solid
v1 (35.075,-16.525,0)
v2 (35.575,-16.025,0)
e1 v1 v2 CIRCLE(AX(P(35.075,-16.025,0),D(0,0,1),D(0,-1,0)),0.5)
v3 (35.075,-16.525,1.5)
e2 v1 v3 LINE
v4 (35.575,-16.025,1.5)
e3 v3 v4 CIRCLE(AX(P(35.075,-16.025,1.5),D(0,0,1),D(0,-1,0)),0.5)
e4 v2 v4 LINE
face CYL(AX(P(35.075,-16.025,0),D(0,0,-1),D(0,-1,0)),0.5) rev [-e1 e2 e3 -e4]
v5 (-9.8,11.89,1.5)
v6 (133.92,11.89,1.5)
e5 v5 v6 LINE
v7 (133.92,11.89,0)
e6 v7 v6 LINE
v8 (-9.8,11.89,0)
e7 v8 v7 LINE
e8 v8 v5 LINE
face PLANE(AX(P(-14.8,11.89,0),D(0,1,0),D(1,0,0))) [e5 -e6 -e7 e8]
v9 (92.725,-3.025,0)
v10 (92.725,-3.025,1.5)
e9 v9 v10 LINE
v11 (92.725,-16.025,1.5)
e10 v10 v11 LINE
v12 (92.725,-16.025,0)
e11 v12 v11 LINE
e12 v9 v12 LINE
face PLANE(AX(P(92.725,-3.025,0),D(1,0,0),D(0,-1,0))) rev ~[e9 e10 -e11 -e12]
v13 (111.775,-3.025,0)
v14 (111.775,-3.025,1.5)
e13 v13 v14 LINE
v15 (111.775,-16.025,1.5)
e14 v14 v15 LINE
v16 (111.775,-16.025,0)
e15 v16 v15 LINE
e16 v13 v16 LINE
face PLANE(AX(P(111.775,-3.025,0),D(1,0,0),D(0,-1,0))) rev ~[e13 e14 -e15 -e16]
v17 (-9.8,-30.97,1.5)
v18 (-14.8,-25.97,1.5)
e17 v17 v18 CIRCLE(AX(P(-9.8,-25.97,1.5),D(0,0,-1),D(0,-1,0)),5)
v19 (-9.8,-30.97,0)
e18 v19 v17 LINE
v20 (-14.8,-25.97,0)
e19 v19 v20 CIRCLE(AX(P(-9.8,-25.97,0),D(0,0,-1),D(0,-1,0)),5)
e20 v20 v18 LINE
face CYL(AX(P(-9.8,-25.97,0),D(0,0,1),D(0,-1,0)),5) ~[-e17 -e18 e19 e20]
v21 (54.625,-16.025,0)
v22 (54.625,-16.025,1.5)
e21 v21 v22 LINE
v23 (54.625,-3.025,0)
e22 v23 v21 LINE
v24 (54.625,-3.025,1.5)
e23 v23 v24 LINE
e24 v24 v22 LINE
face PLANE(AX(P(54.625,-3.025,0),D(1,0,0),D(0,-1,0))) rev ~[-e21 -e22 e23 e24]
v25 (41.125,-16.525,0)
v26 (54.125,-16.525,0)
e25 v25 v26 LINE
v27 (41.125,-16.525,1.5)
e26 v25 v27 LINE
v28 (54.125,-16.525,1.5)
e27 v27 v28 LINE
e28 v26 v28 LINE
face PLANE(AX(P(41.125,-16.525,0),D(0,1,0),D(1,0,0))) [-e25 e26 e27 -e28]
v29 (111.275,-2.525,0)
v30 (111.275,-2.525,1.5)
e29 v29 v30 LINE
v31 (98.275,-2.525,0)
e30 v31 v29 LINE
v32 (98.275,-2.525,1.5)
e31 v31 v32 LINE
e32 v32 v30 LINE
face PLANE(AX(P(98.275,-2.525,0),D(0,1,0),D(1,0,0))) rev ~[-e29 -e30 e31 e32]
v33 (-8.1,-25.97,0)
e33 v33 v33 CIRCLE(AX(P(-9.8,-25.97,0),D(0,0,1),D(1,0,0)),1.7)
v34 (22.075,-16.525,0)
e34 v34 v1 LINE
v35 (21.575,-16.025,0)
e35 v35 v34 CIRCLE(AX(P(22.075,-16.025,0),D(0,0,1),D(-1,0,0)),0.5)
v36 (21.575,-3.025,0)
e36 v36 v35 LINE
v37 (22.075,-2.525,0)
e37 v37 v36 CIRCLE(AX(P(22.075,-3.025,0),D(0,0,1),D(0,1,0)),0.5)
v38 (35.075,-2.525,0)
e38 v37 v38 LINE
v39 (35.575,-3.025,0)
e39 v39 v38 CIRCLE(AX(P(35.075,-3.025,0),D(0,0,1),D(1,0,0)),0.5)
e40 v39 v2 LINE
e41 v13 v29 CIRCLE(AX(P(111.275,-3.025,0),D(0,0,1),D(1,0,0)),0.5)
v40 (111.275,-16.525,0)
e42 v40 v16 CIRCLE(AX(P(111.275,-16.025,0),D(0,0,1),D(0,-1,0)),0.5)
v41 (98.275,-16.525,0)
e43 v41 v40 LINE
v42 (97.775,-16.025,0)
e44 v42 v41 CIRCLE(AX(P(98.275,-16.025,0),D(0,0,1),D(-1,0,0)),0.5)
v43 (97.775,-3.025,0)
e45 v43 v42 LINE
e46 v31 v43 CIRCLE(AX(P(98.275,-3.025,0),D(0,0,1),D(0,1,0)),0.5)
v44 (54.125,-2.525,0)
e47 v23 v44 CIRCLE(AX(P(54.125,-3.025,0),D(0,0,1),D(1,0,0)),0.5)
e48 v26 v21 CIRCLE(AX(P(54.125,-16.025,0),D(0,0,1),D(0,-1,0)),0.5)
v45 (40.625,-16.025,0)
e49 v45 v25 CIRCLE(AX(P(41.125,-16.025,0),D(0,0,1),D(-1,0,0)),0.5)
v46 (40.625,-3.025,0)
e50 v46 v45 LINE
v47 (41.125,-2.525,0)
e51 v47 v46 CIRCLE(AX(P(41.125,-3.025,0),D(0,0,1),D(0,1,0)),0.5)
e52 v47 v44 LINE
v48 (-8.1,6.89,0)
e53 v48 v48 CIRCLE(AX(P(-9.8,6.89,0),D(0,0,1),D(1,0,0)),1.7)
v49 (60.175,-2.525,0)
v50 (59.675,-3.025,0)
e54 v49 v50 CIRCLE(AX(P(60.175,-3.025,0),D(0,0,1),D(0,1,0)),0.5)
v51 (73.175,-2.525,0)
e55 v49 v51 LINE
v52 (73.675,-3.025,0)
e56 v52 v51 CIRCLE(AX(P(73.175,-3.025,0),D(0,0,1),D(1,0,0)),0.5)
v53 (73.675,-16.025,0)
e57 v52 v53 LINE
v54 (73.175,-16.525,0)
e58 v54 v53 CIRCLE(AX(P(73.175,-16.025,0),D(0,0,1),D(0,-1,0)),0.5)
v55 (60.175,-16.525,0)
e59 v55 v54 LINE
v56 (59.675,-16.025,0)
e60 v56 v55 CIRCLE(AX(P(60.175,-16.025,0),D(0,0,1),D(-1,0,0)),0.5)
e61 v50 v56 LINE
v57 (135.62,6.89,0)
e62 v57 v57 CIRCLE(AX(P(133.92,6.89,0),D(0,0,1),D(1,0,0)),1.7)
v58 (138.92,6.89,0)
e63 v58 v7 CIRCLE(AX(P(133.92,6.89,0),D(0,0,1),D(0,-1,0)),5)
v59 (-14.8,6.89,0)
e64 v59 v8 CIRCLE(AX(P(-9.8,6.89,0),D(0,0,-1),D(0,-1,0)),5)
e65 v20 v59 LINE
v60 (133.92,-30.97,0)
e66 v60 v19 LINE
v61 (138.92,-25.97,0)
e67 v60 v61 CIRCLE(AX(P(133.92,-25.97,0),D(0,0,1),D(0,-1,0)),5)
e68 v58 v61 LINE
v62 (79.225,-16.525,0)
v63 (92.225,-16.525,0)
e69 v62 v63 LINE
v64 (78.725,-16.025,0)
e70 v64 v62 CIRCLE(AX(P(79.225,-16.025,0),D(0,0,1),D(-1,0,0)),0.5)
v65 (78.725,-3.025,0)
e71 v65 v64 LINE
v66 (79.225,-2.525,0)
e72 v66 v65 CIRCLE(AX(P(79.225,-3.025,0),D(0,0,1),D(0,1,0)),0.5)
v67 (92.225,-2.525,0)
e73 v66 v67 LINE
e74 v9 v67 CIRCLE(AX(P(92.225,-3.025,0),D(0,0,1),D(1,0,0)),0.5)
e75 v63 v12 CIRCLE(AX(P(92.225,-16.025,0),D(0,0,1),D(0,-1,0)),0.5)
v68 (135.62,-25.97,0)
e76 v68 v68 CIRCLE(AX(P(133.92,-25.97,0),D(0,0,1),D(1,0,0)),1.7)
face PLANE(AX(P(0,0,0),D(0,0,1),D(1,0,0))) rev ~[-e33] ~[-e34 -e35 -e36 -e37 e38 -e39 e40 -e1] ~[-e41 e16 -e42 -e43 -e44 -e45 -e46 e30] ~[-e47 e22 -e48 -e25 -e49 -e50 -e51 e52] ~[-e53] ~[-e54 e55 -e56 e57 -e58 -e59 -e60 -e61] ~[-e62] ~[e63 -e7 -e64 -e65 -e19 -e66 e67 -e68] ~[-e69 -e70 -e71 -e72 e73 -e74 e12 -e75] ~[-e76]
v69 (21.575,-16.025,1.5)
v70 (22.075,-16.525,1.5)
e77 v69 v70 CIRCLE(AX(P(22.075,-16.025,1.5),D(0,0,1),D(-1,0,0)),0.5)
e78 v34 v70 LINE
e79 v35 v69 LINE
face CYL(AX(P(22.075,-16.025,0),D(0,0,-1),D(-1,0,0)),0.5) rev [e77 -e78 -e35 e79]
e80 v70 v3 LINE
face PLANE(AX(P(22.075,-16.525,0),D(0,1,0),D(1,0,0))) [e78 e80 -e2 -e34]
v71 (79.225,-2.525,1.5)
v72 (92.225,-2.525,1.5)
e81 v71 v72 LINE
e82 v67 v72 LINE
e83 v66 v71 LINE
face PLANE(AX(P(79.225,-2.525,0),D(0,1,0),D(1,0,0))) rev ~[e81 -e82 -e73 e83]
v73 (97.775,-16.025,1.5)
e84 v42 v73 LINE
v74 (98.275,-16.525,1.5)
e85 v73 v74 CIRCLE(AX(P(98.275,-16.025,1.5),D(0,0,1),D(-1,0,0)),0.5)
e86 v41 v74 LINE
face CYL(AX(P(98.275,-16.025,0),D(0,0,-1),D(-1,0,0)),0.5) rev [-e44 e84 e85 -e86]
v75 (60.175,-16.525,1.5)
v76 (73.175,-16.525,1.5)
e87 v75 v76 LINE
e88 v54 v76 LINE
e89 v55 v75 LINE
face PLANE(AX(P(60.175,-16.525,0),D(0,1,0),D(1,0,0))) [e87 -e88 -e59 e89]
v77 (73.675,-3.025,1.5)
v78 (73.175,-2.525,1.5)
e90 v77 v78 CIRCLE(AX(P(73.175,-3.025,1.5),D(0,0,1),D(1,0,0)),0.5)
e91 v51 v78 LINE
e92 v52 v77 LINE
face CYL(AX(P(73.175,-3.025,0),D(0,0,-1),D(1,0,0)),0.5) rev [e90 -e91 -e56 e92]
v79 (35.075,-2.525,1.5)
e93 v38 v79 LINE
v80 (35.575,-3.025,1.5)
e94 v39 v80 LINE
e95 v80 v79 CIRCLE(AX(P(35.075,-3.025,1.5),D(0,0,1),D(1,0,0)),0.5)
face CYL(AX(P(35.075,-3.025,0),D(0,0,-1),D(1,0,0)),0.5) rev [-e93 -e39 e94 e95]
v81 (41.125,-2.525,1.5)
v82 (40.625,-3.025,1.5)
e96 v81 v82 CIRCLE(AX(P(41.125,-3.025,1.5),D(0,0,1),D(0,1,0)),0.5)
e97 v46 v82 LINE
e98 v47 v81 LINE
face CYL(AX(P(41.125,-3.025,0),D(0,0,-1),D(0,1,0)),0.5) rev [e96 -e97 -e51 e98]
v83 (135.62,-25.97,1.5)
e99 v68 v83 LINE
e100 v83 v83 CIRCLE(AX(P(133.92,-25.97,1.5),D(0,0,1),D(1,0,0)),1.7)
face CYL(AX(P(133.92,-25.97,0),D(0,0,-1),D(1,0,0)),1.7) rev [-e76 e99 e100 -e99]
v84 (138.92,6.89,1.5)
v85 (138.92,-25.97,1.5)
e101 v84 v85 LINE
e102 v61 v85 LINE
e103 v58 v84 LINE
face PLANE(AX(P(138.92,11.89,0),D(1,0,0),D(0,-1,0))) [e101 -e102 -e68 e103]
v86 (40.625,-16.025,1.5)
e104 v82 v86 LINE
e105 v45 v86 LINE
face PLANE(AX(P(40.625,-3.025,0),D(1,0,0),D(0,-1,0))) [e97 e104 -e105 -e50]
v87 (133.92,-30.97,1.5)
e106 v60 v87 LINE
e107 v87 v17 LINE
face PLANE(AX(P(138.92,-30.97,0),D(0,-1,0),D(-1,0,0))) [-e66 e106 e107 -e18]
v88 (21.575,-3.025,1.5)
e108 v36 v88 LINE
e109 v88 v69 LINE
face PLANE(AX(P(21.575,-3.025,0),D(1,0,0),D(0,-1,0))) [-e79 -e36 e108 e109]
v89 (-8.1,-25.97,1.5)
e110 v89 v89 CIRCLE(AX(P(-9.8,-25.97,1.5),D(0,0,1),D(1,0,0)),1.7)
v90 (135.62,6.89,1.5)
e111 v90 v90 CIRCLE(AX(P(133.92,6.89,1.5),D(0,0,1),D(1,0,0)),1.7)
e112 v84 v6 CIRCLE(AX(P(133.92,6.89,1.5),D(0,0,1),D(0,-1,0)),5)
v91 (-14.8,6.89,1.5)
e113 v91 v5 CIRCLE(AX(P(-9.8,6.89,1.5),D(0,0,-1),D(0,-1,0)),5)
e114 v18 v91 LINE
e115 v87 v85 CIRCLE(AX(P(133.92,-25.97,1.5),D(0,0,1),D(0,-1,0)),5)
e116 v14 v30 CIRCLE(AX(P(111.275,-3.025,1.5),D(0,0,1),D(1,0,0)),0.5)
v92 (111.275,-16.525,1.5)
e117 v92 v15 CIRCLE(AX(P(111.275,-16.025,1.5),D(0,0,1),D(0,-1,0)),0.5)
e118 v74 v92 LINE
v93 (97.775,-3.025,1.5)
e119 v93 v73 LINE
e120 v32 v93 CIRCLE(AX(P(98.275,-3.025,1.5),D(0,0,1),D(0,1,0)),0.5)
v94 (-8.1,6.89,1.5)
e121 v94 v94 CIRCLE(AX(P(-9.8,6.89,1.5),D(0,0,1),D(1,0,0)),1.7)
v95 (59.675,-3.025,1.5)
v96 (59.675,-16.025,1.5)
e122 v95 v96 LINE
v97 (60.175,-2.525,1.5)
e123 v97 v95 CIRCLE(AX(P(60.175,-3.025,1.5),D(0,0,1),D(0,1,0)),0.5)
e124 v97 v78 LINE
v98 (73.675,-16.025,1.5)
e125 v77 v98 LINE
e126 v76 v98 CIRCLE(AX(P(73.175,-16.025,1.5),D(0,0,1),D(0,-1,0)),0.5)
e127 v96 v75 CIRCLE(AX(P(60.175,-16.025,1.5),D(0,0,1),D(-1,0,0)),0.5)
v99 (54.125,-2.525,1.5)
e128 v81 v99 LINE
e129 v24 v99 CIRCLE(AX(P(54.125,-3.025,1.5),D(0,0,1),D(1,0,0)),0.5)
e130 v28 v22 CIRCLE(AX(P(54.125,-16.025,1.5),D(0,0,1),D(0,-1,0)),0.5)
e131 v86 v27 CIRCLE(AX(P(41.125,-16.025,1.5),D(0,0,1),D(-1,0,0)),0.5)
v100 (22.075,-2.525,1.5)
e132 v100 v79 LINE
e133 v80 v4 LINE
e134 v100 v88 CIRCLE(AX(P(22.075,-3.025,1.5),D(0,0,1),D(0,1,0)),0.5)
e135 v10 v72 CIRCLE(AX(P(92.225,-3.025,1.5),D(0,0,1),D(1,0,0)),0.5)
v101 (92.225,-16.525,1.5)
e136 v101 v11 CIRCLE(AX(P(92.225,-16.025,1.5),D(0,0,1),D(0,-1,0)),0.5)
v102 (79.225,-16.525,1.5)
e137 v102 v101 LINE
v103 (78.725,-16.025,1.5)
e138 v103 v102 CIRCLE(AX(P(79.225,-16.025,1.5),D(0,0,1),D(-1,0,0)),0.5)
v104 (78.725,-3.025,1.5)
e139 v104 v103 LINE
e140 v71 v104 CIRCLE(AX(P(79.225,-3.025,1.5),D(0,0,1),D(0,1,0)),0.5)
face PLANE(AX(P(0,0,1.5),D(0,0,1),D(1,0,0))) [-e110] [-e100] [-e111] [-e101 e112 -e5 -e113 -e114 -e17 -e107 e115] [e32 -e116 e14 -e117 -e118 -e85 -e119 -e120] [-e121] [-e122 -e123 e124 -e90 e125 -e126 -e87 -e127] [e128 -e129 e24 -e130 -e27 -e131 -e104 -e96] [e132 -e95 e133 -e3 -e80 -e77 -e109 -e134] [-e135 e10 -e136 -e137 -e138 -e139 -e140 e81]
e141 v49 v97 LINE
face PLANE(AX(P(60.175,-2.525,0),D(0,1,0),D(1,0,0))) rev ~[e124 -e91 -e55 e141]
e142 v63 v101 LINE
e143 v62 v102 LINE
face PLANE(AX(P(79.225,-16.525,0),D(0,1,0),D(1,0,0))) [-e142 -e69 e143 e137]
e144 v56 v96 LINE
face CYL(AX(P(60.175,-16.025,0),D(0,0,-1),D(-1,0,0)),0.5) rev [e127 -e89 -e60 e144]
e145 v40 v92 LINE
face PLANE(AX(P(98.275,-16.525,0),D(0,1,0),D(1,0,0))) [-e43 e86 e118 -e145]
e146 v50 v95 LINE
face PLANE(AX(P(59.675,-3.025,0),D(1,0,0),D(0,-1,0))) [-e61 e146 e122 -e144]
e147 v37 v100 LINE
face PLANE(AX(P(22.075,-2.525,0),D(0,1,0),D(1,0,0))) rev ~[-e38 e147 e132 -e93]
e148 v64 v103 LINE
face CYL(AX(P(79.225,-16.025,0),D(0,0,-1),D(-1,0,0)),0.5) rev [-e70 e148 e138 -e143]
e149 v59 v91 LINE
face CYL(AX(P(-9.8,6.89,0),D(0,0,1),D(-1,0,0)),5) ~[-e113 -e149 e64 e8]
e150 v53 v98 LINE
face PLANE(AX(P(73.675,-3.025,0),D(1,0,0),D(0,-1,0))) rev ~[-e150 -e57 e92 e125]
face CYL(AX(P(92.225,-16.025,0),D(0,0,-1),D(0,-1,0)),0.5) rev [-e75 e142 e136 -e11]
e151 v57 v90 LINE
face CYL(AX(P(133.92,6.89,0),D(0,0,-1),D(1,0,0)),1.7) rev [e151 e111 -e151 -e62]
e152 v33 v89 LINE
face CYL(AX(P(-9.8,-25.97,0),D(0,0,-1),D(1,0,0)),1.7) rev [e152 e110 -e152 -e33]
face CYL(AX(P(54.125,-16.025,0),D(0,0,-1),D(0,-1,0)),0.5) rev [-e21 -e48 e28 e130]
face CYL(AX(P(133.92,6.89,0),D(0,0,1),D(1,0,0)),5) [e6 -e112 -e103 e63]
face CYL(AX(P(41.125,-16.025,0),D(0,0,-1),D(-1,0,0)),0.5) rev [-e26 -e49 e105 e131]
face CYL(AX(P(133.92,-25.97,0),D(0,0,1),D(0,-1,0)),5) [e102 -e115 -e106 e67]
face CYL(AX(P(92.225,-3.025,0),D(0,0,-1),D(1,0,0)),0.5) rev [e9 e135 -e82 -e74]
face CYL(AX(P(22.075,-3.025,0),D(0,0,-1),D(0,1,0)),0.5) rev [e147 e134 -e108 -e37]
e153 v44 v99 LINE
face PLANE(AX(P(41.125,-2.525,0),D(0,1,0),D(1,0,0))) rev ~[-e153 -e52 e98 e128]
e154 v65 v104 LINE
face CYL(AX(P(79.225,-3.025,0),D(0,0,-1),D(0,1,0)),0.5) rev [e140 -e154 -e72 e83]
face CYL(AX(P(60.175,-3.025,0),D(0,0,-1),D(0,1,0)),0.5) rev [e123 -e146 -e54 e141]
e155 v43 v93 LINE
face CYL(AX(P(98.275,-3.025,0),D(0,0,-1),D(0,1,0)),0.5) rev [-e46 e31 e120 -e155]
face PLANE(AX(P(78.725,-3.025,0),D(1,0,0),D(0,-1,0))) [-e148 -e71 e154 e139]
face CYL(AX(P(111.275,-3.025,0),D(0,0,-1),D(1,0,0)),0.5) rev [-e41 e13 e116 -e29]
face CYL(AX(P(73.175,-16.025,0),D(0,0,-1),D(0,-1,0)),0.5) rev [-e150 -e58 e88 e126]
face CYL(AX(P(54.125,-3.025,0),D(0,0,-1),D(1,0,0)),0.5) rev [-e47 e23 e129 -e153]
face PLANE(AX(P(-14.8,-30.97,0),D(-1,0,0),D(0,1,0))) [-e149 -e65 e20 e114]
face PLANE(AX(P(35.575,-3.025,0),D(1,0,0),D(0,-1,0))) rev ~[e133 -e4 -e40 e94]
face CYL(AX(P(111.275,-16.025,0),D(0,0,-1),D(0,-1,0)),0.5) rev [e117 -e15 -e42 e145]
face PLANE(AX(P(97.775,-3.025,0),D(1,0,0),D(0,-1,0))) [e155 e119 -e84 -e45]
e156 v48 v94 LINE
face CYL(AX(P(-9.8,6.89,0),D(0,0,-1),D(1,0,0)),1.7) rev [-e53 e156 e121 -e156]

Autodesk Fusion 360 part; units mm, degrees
sketch "plate-2025-06-26T05_56_28.958Z" plane through (0, 0, 0) normal (0, 0, 1) x (1, 0, 0)
  line L0 (22.075, -2.525) -> (35.075, -2.525)
  line L1 (22.075, -16.525) -> (35.075, -16.525)
  line L2 (21.575, -3.025) -> (21.575, -16.025)
  line L3 (35.575, -3.025) -> (35.575, -16.025)
  arc A0 (22.075, -2.525) -> (21.575, -3.025) centre (22.075, -3.025) ccw
  arc A1 (35.575, -3.025) -> (35.075, -2.525) centre (35.075, -3.025) ccw
  arc A2 (21.575, -16.025) -> (22.075, -16.525) centre (22.075, -16.025) ccw
  arc A3 (35.075, -16.525) -> (35.575, -16.025) centre (35.075, -16.025) ccw
  line L4 (41.125, -2.525) -> (54.125, -2.525)
  line L5 (41.125, -16.525) -> (54.125, -16.525)
  line L6 (40.625, -3.025) -> (40.625, -16.025)
  line L7 (54.625, -3.025) -> (54.625, -16.025)
  arc A4 (41.125, -2.525) -> (40.625, -3.025) centre (41.125, -3.025) ccw
  arc A5 (54.625, -3.025) -> (54.125, -2.525) centre (54.125, -3.025) ccw
  arc A6 (40.625, -16.025) -> (41.125, -16.525) centre (41.125, -16.025) ccw
  arc A7 (54.125, -16.525) -> (54.625, -16.025) centre (54.125, -16.025) ccw
  line L8 (60.175, -2.525) -> (73.175, -2.525)
  line L9 (60.175, -16.525) -> (73.175, -16.525)
  line L10 (59.675, -3.025) -> (59.675, -16.025)
  line L11 (73.675, -3.025) -> (73.675, -16.025)
  arc A8 (60.175, -2.525) -> (59.675, -3.025) centre (60.175, -3.025) ccw
  arc A9 (73.675, -3.025) -> (73.175, -2.525) centre (73.175, -3.025) ccw
  arc A10 (59.675, -16.025) -> (60.175, -16.525) centre (60.175, -16.025) ccw
  arc A11 (73.175, -16.525) -> (73.675, -16.025) centre (73.175, -16.025) ccw
  line L12 (138.92, -30.97) -> (-14.8, -30.97)
  line L13 (-14.8, -30.97) -> (-14.8, 11.89)
  line L14 (-14.8, 11.89) -> (138.92, 11.89)
  line L15 (138.92, 11.89) -> (138.92, -30.97)
  line L16 (128.92, 1.89) -> (-4.8, 1.89)
  line L17 (-4.8, 1.89) -> (-4.8, -20.97)
  line L18 (-4.8, -20.97) -> (128.92, -20.97)
  line L19 (128.92, -20.97) -> (128.92, 1.89)
  circle A12 centre (133.92, 6.89) radius 1.7
  circle A13 centre (133.92, -25.97) radius 1.7
  circle A14 centre (-9.8, -25.97) radius 1.7
  circle A15 centre (-9.8, 6.89) radius 1.7
  arc A16 (54.625, -3.025) -> (54.125, -2.525) centre (54.125, -3.025) ccw
  line L20 (21.575, -3.025) -> (21.575, -16.025)
  arc A17 (60.175, -2.525) -> (59.675, -3.025) centre (60.175, -3.025) ccw
  arc A18 (54.125, -16.525) -> (54.625, -16.025) centre (54.125, -16.025) ccw
  line L21 (40.625, -3.025) -> (40.625, -16.025)
  line L22 (35.575, -3.025) -> (35.575, -16.025)
  line L23 (59.675, -3.025) -> (59.675, -16.025)
  line L24 (22.075, -16.525) -> (35.075, -16.525)
  line L25 (41.125, -16.525) -> (54.125, -16.525)
  arc A19 (41.125, -2.525) -> (40.625, -3.025) centre (41.125, -3.025) ccw
  line L26 (60.175, -2.525) -> (73.175, -2.525)
  line L27 (54.625, -3.025) -> (54.625, -16.025)
  arc A20 (22.075, -2.525) -> (21.575, -3.025) centre (22.075, -3.025) ccw
  arc A21 (73.675, -3.025) -> (73.175, -2.525) centre (73.175, -3.025) ccw
  line L28 (73.675, -3.025) -> (73.675, -16.025)
  arc A22 (35.075, -16.525) -> (35.575, -16.025) centre (35.075, -16.025) ccw
  arc A23 (35.575, -3.025) -> (35.075, -2.525) centre (35.075, -3.025) ccw
  arc A24 (21.575, -16.025) -> (22.075, -16.525) centre (22.075, -16.025) ccw
  line L29 (60.175, -16.525) -> (73.175, -16.525)
  arc A25 (59.675, -16.025) -> (60.175, -16.525) centre (60.175, -16.025) ccw
  arc A26 (40.625, -16.025) -> (41.125, -16.525) centre (41.125, -16.025) ccw
  line L30 (41.125, -2.525) -> (54.125, -2.525)
  arc A27 (73.175, -16.525) -> (73.675, -16.025) centre (73.175, -16.025) ccw
  line L31 (22.075, -2.525) -> (35.075, -2.525)
  line L32 (79.225, -2.525) -> (92.225, -2.525)
  line L33 (98.275, -2.525) -> (111.275, -2.525)
  arc A28 (111.275, -16.525) -> (111.775, -16.025) centre (111.275, -16.025) ccw
  line L34 (111.775, -3.025) -> (111.775, -16.025)
  arc A29 (111.775, -3.025) -> (111.275, -2.525) centre (111.275, -3.025) ccw
  arc A30 (111.275, -16.525) -> (111.775, -16.025) centre (111.275, -16.025) ccw
  line L35 (79.225, -16.525) -> (92.225, -16.525)
  line L36 (98.275, -2.525) -> (111.275, -2.525)
  line L37 (98.275, -16.525) -> (111.275, -16.525)
  arc A31 (79.225, -2.525) -> (78.725, -3.025) centre (79.225, -3.025) ccw
  arc A32 (92.225, -16.525) -> (92.725, -16.025) centre (92.225, -16.025) ccw
  arc A33 (111.775, -3.025) -> (111.275, -2.525) centre (111.275, -3.025) ccw
  arc A34 (97.775, -16.025) -> (98.275, -16.525) centre (98.275, -16.025) ccw
  arc A35 (98.275, -2.525) -> (97.775, -3.025) centre (98.275, -3.025) ccw
  arc A36 (92.225, -16.525) -> (92.725, -16.025) centre (92.225, -16.025) ccw
  line L38 (111.775, -3.025) -> (111.775, -16.025)
  line L39 (97.775, -3.025) -> (97.775, -16.025)
  line L40 (98.275, -16.525) -> (111.275, -16.525)
  arc A37 (79.225, -2.525) -> (78.725, -3.025) centre (79.225, -3.025) ccw
  line L41 (92.725, -3.025) -> (92.725, -16.025)
  arc A38 (92.725, -3.025) -> (92.225, -2.525) centre (92.225, -3.025) ccw
  line L42 (78.725, -3.025) -> (78.725, -16.025)
  line L43 (97.775, -3.025) -> (97.775, -16.025)
  arc A39 (78.725, -16.025) -> (79.225, -16.525) centre (79.225, -16.025) ccw
  line L44 (92.725, -3.025) -> (92.725, -16.025)
  line L45 (79.225, -2.525) -> (92.225, -2.525)
  arc A40 (97.775, -16.025) -> (98.275, -16.525) centre (98.275, -16.025) ccw
  arc A41 (92.725, -3.025) -> (92.225, -2.525) centre (92.225, -3.025) ccw
  arc A42 (98.275, -2.525) -> (97.775, -3.025) centre (98.275, -3.025) ccw
  line L46 (78.725, -3.025) -> (78.725, -16.025)
  arc A43 (78.725, -16.025) -> (79.225, -16.525) centre (79.225, -16.025) ccw
  line L47 (79.225, -16.525) -> (92.225, -16.525)
  dimension "d1" = 153.72
  dimension "d2" = 42.86
  dimension "d9" = 10
  dimension "d11" = 5.05
  dimension "d12" = 5.05
  dimension "d13" = 3.4
  dimension "d14" = 3.4
  dimension "d15" = 3.4
  dimension "d16" = 3.4
  dimension "d17" = 5
  dimension "d18" = 5
  dimension "d19" = 5
  dimension "d20" = 5
  dimension "d21" = 5
  dimension "d22" = 5
  dimension "d23" = 5
  dimension "d24" = 5
  dimension "d29" = 10
  dimension "d30" = 10
  dimension "d31" = 10
  dimension "d32" = 26.375
  dimension "d33" = 5.05
  dimension "d34" = 5.05
  dimension "d35" = 5.05
  dimension "d36" = 5.05
extrude "Extrude1" add sketch "plate-2025-06-26T05_56_28.958Z" along normal blind 1.5 contours L12 L13 L14 L15 | L16 L17 L18 L19
fillet "Fillet1" radius 5 4 edges at (138.92, -30.97, 0.75) (138.92, 11.89, 0.75) (-14.8, -30.97, 0.75) (-14.8, 11.89, 0.75)
equation "d1 = 115.620 mm + 38.1 mm"
